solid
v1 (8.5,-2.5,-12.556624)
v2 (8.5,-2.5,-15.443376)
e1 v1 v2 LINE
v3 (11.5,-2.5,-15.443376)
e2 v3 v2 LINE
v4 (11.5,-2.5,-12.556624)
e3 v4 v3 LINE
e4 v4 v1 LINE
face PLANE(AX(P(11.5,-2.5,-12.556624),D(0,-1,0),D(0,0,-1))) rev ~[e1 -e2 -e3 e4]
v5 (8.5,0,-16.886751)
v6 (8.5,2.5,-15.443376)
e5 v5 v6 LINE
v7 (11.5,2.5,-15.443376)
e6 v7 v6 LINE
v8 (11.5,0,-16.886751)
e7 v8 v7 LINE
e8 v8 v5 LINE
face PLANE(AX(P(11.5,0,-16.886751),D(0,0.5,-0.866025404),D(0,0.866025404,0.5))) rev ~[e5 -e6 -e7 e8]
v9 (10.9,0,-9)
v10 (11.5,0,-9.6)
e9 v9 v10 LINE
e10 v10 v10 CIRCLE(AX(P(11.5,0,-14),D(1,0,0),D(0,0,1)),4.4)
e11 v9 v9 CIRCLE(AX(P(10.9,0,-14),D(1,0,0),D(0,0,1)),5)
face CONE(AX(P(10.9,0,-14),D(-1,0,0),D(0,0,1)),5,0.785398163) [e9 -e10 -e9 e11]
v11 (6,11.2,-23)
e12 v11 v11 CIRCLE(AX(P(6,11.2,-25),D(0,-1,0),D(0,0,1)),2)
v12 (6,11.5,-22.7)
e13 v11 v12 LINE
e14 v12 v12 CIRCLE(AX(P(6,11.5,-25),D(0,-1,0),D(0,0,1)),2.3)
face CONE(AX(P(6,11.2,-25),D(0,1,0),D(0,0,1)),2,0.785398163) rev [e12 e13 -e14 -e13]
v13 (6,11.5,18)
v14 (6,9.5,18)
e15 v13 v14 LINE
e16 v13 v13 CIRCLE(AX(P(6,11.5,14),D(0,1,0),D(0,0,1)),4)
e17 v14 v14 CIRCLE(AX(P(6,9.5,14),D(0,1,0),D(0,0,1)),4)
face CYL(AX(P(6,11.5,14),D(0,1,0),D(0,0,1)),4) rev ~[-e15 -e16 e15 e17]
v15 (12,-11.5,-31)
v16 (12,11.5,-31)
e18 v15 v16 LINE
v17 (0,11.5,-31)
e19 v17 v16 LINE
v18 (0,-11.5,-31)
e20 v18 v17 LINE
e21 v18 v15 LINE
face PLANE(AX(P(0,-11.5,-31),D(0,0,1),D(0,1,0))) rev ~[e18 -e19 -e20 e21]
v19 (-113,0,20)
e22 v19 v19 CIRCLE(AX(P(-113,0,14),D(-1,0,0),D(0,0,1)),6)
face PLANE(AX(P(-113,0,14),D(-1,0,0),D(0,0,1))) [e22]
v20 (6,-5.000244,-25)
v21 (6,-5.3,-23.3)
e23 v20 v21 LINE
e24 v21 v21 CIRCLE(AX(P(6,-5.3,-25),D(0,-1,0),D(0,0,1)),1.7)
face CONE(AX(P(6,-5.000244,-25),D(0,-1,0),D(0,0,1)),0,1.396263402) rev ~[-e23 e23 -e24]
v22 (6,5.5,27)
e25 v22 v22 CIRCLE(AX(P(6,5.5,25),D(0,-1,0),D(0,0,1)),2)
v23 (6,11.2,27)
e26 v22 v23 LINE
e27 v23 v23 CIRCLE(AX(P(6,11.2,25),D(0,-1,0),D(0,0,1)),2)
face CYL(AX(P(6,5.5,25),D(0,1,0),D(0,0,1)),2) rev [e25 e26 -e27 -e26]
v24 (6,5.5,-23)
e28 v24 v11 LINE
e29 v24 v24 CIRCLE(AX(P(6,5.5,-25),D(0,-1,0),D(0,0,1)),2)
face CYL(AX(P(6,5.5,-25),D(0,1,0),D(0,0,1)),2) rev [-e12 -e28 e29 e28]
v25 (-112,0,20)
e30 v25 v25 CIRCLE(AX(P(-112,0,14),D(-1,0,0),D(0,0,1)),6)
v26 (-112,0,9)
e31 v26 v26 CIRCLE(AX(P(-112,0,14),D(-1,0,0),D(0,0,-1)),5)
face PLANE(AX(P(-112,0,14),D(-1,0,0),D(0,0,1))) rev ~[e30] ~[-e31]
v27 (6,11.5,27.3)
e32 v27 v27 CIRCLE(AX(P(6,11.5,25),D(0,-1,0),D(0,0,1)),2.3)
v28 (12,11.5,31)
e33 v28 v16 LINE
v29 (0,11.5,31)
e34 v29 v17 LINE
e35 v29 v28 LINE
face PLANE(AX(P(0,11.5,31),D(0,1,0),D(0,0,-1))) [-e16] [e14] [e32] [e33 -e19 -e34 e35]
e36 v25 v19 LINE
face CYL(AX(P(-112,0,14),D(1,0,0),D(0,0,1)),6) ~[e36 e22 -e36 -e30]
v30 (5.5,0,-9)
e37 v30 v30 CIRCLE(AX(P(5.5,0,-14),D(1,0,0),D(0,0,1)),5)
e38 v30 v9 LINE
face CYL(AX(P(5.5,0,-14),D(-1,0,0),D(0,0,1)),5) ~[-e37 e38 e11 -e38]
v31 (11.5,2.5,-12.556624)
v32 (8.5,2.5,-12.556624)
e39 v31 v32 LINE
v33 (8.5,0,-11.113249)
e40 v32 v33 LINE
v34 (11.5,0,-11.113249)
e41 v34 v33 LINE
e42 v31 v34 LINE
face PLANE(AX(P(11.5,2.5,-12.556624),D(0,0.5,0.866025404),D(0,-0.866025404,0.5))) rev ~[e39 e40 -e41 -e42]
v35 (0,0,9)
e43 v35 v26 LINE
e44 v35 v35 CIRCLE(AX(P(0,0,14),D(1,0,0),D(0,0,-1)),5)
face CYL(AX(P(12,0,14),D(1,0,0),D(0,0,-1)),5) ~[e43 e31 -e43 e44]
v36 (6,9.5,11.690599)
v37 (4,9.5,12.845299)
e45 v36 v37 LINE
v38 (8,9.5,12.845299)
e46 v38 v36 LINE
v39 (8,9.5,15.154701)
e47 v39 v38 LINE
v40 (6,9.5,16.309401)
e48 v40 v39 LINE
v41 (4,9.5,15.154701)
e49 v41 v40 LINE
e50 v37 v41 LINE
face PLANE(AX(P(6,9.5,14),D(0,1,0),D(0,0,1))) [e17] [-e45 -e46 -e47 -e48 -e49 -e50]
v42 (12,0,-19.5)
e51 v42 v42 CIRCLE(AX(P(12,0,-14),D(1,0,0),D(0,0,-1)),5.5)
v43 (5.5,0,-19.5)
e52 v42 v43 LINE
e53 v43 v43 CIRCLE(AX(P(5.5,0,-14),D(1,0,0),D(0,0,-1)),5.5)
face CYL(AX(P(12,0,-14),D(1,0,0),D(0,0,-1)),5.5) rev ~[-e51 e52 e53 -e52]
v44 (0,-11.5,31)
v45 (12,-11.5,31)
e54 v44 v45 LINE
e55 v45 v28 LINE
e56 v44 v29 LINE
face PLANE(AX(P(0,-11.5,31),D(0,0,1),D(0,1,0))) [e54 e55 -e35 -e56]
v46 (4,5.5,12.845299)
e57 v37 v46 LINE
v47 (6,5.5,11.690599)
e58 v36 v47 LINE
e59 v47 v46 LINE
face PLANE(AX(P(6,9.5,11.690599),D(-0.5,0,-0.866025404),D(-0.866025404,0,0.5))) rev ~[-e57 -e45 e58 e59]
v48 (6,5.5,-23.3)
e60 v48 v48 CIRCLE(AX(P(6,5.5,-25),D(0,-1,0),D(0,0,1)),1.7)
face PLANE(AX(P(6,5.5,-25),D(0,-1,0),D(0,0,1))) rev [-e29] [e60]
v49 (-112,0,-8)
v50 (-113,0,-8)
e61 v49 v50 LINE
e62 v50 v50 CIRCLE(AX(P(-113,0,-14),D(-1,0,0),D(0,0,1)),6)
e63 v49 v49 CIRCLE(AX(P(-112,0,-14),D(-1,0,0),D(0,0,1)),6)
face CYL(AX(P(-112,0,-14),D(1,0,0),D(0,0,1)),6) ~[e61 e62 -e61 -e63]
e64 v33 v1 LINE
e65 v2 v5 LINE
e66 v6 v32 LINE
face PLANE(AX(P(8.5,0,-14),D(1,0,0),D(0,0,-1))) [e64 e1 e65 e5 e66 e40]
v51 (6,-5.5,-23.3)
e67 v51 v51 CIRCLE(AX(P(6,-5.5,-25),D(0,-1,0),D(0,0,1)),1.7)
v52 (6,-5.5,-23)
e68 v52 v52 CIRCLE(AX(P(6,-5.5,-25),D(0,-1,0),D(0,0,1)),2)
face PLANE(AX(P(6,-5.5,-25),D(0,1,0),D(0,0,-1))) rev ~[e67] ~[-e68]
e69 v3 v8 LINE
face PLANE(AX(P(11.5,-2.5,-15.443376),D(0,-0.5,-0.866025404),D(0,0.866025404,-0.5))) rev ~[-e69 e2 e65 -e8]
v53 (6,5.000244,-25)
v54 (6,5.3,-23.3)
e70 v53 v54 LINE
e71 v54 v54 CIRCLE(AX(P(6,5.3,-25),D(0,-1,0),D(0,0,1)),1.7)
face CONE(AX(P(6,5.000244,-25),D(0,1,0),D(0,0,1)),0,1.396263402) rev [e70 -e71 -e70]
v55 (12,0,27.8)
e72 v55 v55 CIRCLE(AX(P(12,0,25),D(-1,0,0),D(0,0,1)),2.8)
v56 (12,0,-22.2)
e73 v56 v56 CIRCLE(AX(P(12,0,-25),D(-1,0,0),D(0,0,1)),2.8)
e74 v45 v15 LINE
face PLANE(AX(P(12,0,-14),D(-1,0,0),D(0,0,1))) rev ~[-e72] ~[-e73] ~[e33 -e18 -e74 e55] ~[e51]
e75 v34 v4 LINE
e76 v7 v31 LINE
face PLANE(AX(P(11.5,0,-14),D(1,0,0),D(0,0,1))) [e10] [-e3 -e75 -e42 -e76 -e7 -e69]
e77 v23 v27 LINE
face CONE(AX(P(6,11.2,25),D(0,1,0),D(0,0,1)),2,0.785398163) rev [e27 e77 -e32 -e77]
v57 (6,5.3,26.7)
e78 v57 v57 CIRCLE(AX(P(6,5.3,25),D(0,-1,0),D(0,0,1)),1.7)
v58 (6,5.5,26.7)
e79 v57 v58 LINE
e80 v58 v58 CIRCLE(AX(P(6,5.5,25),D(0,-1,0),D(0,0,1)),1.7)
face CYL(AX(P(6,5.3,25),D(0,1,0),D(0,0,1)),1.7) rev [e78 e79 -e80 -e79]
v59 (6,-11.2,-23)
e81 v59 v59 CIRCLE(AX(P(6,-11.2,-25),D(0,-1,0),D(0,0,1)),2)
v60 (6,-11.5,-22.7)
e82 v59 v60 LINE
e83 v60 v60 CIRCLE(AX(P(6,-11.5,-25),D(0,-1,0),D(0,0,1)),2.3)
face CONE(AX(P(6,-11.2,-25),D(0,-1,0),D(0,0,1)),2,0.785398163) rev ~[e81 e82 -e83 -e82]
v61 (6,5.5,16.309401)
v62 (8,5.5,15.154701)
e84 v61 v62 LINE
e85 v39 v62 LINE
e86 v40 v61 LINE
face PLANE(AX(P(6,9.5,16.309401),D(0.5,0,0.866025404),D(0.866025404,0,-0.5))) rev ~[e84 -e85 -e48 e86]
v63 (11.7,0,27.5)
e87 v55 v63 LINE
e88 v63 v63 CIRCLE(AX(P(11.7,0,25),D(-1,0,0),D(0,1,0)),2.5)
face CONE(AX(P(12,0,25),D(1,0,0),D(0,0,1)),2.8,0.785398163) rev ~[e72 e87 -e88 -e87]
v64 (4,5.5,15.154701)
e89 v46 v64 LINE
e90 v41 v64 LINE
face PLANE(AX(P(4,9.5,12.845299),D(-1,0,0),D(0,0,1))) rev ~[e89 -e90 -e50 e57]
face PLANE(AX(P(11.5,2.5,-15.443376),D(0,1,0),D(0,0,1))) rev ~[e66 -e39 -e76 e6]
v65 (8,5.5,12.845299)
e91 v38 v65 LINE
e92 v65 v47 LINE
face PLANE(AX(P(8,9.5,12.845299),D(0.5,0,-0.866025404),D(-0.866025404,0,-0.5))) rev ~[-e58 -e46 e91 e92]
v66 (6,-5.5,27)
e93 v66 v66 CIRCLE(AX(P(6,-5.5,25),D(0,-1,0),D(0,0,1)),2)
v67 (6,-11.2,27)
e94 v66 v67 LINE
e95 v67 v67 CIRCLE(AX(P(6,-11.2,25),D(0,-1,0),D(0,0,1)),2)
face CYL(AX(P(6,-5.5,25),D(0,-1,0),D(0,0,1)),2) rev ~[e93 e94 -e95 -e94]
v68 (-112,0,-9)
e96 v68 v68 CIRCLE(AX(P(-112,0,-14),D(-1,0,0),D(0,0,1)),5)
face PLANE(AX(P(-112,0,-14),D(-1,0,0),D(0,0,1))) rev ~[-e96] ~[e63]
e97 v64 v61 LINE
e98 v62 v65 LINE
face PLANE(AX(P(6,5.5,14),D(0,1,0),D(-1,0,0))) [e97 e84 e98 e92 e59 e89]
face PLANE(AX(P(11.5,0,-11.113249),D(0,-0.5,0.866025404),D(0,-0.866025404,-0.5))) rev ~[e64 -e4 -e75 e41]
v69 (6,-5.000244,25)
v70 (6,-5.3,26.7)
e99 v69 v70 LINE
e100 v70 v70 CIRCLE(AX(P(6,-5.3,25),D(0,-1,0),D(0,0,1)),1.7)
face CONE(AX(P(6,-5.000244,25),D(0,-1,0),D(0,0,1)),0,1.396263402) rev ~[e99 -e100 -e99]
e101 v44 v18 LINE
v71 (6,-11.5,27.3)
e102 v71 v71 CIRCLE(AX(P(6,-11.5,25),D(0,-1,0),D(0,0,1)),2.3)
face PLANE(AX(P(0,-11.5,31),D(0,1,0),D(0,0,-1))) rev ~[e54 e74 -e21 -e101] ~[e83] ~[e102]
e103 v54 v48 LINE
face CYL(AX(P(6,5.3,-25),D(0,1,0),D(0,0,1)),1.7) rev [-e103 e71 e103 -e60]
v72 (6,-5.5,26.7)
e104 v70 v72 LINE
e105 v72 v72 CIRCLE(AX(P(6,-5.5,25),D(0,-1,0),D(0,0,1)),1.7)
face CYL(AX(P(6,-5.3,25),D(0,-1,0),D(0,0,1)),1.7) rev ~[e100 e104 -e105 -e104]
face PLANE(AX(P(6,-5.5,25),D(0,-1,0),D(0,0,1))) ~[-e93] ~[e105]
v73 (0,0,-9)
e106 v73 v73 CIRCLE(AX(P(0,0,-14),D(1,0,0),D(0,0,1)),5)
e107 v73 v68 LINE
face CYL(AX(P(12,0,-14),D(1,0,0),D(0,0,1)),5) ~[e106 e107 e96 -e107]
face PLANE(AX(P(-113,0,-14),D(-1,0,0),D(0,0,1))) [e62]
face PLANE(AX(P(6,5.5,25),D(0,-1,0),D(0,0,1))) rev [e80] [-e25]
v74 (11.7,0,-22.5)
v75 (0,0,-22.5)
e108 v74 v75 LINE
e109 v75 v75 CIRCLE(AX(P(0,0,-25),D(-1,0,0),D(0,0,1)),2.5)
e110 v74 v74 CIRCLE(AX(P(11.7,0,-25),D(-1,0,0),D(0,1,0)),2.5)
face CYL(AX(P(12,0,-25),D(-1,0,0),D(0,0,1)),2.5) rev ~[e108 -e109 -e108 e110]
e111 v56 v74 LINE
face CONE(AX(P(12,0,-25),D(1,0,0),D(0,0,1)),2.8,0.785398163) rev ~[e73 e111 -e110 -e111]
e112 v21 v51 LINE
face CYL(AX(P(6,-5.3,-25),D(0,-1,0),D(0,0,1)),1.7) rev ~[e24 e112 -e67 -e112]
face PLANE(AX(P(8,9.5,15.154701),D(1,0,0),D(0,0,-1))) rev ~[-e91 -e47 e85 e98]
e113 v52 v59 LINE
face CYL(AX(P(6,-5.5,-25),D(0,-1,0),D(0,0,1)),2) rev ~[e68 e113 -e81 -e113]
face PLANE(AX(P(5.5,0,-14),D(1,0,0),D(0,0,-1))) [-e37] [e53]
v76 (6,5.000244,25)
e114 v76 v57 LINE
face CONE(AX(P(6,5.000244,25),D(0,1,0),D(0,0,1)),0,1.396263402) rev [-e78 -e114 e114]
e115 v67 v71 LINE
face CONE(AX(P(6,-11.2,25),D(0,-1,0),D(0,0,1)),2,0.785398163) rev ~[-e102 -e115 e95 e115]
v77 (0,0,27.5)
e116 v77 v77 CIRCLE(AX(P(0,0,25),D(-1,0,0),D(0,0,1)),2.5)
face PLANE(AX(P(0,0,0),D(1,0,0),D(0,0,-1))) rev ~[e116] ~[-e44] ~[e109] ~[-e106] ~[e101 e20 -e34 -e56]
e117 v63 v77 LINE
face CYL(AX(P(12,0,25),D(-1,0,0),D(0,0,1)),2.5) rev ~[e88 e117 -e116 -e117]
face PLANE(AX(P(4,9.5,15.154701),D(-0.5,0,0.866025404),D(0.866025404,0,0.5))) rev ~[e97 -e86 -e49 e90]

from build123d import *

# Parameters (mm, degrees)
PLATE_SKETCH_W               = 62
PLATE_SKETCH_H               = 23
PLATE_DEPTH                  = 12
TAPPED_HOLE_FACE_D           = 5
TAPPED_HOLE_FACE_CSINK_D     = 5.6
TAPPED_HOLE_FACE_CSINK_ANGLE = 90
RODS_DEPTH                   = 100
RODS_DEPTH_BACK              = 24
RODS_SKETCH_R                = 5
PISTON_SKETCH_R              = 6
PISTON_DEPTH                 = 1
TAPPED_HOLES_TOP_AT_2_COUNT  = 2
TAPPED_HOLES_TOP_AT_2_PITCH  = 50
SHCS_SEAT_SKETCH_R           = 5.5
SHCS_SEAT_DEPTH              = 6.5
SHCS_HEAD_SKETCH_R           = 5
SHCS_HEAD_DEPTH              = 6
SHCS_HEX_DEPTH               = 3
SHCS_CHAM_SIZE               = 0.6
SS_SEAT_SKETCH_R             = 4
SS_SEAT_DEPTH                = 2
SS_HEX_DEPTH                 = 4


with BuildPart() as part:
    # Plate_Sketch → Plate (new body)
    with BuildSketch(Plane(origin=(0, 0, 0), x_dir=(0, 0, -1), z_dir=(1, 0, 0))):
        Rectangle(PLATE_SKETCH_W, PLATE_SKETCH_H)
    extrude(amount=PLATE_DEPTH)

    # Tapped Hole Face (through all)
    with Locations(Plane(origin=(12, 0, 0), x_dir=(0, 0, -1), z_dir=(1, 0, 0))):
        with Locations((-25, 0), (25, 0)):
            CounterSinkHole(TAPPED_HOLE_FACE_D / 2, TAPPED_HOLE_FACE_CSINK_D / 2, counter_sink_angle=TAPPED_HOLE_FACE_CSINK_ANGLE)

    # Rods_Sketch → Rods (add, two sides: drawn at the far end of the back side and taken through both)
    with BuildSketch(Plane.ZY.offset(12).offset(-RODS_DEPTH_BACK)):
        with Locations((-14, 0)):
            Circle(RODS_SKETCH_R)
        with Locations(Location((14, 0, 0), (0, 0, 180))):
            Circle(RODS_SKETCH_R)
    extrude(amount=RODS_DEPTH + RODS_DEPTH_BACK)

    # Piston_Sketch → Piston (add)
    with BuildSketch(Plane.ZY.offset(112)):
        with Locations((-14, 0)):
            Circle(PISTON_SKETCH_R)
        with Locations((14, 0)):
            Circle(PISTON_SKETCH_R)
    extrude(amount=PISTON_DEPTH)

    # Tapped Holes Top Profile → Tapped Holes Top (revolve, cut)
    with BuildSketch(Plane(origin=(6, 11.5, -25), x_dir=(0, 0, 1), z_dir=(1, 0, 0))):
        Polygon((0, 0), (0, 6.499755867), (1.7, 6.2), (1.7, 6), (2, 6), (2, 0.3), (2.3, 0), align=None)
    tapped_holes_top = revolve(axis=Axis((6, 17.85, -25), (0, -1, 0)), mode=Mode.SUBTRACT)

    # Tapped Holes Top at 2: Tapped Holes Top ×2
    with Locations(*[(0, 0, i * TAPPED_HOLES_TOP_AT_2_PITCH) for i in range(1, TAPPED_HOLES_TOP_AT_2_COUNT)]):
        add(tapped_holes_top, mode=Mode.SUBTRACT)

    # Tapped Holes Top Mirror: Tapped Holes Top across plane
    add(tapped_holes_top.mirror(Plane.ZX), mode=Mode.SUBTRACT)

    # Tapped Holes Top Mirror copy 1 sketch → Tapped Holes Top Mirror copy 1 (revolve, cut)
    with BuildSketch(Plane(origin=(6, -11.5, 25), x_dir=(0, 0, 1), z_dir=(1, 0, 0))):
        Polygon((0, 0), (0, -6.499755867), (1.7, -6.2), (1.7, -6), (2, -6), (2, -0.3), (2.3, 0), align=None)
    revolve(axis=Axis((6, -17.85, 25), (0, -1, 0)), mode=Mode.SUBTRACT)

    # SHCS Seat_Sketch → SHCS Seat (cut)
    with BuildSketch(Plane(origin=(12, 0, 0), x_dir=(0, 0, -1), z_dir=(1, 0, 0))):
        with Locations((14, 0)):
            Circle(SHCS_SEAT_SKETCH_R)
    extrude(amount=-SHCS_SEAT_DEPTH, mode=Mode.SUBTRACT)

    # SHCS Head_Sketch → SHCS Head (add)
    with BuildSketch(Plane(origin=(5.5, 0, 0), x_dir=(0, 0, -1), z_dir=(1, 0, 0))):
        with Locations(Location((14, 0, 0), (0, 0, 180))):
            Circle(SHCS_HEAD_SKETCH_R)
    extrude(amount=SHCS_HEAD_DEPTH)

    # SHCS Hex_Sketch → SHCS Hex (cut)
    with BuildSketch(Plane(origin=(11.5, 0, 0), x_dir=(0, 0, -1), z_dir=(1, 0, 0))):
        Polygon((15.443375673, -2.5), (16.886751346, 0), (15.443375673, 2.5), (12.556624327, 2.5), (11.113248654, 0), (12.556624327, -2.5), align=None)
    extrude(amount=-SHCS_HEX_DEPTH, mode=Mode.SUBTRACT)

    # SHCS Cham
    shcs_cham_edges = [part.edges().sort_by_distance(p)[0] for p in [
        (11.5, 0, -19),
    ]]
    chamfer(shcs_cham_edges, length=SHCS_CHAM_SIZE)

    # SS Seat_Sketch → SS Seat (cut)
    with BuildSketch(Plane(origin=(0, 11.5, 0), x_dir=(-1, 0, 0), z_dir=(0, 1, 0))):
        with Locations(Location((-6, 14, 0), (0, 0, 90))):
            Circle(SS_SEAT_SKETCH_R)
    extrude(amount=-SS_SEAT_DEPTH, mode=Mode.SUBTRACT)

    # SS Hex_Sketch → SS Hex (cut)
    with BuildSketch(Plane(origin=(0, 9.5, 0), x_dir=(-1, 0, 0), z_dir=(0, 1, 0))):
        Polygon((-8, 12.845299462), (-6, 11.690598923), (-4, 12.845299462), (-4, 15.154700538), (-6, 16.309401077), (-8, 15.154700538), align=None)
    extrude(amount=-SS_HEX_DEPTH, mode=Mode.SUBTRACT)


solid = part.part
